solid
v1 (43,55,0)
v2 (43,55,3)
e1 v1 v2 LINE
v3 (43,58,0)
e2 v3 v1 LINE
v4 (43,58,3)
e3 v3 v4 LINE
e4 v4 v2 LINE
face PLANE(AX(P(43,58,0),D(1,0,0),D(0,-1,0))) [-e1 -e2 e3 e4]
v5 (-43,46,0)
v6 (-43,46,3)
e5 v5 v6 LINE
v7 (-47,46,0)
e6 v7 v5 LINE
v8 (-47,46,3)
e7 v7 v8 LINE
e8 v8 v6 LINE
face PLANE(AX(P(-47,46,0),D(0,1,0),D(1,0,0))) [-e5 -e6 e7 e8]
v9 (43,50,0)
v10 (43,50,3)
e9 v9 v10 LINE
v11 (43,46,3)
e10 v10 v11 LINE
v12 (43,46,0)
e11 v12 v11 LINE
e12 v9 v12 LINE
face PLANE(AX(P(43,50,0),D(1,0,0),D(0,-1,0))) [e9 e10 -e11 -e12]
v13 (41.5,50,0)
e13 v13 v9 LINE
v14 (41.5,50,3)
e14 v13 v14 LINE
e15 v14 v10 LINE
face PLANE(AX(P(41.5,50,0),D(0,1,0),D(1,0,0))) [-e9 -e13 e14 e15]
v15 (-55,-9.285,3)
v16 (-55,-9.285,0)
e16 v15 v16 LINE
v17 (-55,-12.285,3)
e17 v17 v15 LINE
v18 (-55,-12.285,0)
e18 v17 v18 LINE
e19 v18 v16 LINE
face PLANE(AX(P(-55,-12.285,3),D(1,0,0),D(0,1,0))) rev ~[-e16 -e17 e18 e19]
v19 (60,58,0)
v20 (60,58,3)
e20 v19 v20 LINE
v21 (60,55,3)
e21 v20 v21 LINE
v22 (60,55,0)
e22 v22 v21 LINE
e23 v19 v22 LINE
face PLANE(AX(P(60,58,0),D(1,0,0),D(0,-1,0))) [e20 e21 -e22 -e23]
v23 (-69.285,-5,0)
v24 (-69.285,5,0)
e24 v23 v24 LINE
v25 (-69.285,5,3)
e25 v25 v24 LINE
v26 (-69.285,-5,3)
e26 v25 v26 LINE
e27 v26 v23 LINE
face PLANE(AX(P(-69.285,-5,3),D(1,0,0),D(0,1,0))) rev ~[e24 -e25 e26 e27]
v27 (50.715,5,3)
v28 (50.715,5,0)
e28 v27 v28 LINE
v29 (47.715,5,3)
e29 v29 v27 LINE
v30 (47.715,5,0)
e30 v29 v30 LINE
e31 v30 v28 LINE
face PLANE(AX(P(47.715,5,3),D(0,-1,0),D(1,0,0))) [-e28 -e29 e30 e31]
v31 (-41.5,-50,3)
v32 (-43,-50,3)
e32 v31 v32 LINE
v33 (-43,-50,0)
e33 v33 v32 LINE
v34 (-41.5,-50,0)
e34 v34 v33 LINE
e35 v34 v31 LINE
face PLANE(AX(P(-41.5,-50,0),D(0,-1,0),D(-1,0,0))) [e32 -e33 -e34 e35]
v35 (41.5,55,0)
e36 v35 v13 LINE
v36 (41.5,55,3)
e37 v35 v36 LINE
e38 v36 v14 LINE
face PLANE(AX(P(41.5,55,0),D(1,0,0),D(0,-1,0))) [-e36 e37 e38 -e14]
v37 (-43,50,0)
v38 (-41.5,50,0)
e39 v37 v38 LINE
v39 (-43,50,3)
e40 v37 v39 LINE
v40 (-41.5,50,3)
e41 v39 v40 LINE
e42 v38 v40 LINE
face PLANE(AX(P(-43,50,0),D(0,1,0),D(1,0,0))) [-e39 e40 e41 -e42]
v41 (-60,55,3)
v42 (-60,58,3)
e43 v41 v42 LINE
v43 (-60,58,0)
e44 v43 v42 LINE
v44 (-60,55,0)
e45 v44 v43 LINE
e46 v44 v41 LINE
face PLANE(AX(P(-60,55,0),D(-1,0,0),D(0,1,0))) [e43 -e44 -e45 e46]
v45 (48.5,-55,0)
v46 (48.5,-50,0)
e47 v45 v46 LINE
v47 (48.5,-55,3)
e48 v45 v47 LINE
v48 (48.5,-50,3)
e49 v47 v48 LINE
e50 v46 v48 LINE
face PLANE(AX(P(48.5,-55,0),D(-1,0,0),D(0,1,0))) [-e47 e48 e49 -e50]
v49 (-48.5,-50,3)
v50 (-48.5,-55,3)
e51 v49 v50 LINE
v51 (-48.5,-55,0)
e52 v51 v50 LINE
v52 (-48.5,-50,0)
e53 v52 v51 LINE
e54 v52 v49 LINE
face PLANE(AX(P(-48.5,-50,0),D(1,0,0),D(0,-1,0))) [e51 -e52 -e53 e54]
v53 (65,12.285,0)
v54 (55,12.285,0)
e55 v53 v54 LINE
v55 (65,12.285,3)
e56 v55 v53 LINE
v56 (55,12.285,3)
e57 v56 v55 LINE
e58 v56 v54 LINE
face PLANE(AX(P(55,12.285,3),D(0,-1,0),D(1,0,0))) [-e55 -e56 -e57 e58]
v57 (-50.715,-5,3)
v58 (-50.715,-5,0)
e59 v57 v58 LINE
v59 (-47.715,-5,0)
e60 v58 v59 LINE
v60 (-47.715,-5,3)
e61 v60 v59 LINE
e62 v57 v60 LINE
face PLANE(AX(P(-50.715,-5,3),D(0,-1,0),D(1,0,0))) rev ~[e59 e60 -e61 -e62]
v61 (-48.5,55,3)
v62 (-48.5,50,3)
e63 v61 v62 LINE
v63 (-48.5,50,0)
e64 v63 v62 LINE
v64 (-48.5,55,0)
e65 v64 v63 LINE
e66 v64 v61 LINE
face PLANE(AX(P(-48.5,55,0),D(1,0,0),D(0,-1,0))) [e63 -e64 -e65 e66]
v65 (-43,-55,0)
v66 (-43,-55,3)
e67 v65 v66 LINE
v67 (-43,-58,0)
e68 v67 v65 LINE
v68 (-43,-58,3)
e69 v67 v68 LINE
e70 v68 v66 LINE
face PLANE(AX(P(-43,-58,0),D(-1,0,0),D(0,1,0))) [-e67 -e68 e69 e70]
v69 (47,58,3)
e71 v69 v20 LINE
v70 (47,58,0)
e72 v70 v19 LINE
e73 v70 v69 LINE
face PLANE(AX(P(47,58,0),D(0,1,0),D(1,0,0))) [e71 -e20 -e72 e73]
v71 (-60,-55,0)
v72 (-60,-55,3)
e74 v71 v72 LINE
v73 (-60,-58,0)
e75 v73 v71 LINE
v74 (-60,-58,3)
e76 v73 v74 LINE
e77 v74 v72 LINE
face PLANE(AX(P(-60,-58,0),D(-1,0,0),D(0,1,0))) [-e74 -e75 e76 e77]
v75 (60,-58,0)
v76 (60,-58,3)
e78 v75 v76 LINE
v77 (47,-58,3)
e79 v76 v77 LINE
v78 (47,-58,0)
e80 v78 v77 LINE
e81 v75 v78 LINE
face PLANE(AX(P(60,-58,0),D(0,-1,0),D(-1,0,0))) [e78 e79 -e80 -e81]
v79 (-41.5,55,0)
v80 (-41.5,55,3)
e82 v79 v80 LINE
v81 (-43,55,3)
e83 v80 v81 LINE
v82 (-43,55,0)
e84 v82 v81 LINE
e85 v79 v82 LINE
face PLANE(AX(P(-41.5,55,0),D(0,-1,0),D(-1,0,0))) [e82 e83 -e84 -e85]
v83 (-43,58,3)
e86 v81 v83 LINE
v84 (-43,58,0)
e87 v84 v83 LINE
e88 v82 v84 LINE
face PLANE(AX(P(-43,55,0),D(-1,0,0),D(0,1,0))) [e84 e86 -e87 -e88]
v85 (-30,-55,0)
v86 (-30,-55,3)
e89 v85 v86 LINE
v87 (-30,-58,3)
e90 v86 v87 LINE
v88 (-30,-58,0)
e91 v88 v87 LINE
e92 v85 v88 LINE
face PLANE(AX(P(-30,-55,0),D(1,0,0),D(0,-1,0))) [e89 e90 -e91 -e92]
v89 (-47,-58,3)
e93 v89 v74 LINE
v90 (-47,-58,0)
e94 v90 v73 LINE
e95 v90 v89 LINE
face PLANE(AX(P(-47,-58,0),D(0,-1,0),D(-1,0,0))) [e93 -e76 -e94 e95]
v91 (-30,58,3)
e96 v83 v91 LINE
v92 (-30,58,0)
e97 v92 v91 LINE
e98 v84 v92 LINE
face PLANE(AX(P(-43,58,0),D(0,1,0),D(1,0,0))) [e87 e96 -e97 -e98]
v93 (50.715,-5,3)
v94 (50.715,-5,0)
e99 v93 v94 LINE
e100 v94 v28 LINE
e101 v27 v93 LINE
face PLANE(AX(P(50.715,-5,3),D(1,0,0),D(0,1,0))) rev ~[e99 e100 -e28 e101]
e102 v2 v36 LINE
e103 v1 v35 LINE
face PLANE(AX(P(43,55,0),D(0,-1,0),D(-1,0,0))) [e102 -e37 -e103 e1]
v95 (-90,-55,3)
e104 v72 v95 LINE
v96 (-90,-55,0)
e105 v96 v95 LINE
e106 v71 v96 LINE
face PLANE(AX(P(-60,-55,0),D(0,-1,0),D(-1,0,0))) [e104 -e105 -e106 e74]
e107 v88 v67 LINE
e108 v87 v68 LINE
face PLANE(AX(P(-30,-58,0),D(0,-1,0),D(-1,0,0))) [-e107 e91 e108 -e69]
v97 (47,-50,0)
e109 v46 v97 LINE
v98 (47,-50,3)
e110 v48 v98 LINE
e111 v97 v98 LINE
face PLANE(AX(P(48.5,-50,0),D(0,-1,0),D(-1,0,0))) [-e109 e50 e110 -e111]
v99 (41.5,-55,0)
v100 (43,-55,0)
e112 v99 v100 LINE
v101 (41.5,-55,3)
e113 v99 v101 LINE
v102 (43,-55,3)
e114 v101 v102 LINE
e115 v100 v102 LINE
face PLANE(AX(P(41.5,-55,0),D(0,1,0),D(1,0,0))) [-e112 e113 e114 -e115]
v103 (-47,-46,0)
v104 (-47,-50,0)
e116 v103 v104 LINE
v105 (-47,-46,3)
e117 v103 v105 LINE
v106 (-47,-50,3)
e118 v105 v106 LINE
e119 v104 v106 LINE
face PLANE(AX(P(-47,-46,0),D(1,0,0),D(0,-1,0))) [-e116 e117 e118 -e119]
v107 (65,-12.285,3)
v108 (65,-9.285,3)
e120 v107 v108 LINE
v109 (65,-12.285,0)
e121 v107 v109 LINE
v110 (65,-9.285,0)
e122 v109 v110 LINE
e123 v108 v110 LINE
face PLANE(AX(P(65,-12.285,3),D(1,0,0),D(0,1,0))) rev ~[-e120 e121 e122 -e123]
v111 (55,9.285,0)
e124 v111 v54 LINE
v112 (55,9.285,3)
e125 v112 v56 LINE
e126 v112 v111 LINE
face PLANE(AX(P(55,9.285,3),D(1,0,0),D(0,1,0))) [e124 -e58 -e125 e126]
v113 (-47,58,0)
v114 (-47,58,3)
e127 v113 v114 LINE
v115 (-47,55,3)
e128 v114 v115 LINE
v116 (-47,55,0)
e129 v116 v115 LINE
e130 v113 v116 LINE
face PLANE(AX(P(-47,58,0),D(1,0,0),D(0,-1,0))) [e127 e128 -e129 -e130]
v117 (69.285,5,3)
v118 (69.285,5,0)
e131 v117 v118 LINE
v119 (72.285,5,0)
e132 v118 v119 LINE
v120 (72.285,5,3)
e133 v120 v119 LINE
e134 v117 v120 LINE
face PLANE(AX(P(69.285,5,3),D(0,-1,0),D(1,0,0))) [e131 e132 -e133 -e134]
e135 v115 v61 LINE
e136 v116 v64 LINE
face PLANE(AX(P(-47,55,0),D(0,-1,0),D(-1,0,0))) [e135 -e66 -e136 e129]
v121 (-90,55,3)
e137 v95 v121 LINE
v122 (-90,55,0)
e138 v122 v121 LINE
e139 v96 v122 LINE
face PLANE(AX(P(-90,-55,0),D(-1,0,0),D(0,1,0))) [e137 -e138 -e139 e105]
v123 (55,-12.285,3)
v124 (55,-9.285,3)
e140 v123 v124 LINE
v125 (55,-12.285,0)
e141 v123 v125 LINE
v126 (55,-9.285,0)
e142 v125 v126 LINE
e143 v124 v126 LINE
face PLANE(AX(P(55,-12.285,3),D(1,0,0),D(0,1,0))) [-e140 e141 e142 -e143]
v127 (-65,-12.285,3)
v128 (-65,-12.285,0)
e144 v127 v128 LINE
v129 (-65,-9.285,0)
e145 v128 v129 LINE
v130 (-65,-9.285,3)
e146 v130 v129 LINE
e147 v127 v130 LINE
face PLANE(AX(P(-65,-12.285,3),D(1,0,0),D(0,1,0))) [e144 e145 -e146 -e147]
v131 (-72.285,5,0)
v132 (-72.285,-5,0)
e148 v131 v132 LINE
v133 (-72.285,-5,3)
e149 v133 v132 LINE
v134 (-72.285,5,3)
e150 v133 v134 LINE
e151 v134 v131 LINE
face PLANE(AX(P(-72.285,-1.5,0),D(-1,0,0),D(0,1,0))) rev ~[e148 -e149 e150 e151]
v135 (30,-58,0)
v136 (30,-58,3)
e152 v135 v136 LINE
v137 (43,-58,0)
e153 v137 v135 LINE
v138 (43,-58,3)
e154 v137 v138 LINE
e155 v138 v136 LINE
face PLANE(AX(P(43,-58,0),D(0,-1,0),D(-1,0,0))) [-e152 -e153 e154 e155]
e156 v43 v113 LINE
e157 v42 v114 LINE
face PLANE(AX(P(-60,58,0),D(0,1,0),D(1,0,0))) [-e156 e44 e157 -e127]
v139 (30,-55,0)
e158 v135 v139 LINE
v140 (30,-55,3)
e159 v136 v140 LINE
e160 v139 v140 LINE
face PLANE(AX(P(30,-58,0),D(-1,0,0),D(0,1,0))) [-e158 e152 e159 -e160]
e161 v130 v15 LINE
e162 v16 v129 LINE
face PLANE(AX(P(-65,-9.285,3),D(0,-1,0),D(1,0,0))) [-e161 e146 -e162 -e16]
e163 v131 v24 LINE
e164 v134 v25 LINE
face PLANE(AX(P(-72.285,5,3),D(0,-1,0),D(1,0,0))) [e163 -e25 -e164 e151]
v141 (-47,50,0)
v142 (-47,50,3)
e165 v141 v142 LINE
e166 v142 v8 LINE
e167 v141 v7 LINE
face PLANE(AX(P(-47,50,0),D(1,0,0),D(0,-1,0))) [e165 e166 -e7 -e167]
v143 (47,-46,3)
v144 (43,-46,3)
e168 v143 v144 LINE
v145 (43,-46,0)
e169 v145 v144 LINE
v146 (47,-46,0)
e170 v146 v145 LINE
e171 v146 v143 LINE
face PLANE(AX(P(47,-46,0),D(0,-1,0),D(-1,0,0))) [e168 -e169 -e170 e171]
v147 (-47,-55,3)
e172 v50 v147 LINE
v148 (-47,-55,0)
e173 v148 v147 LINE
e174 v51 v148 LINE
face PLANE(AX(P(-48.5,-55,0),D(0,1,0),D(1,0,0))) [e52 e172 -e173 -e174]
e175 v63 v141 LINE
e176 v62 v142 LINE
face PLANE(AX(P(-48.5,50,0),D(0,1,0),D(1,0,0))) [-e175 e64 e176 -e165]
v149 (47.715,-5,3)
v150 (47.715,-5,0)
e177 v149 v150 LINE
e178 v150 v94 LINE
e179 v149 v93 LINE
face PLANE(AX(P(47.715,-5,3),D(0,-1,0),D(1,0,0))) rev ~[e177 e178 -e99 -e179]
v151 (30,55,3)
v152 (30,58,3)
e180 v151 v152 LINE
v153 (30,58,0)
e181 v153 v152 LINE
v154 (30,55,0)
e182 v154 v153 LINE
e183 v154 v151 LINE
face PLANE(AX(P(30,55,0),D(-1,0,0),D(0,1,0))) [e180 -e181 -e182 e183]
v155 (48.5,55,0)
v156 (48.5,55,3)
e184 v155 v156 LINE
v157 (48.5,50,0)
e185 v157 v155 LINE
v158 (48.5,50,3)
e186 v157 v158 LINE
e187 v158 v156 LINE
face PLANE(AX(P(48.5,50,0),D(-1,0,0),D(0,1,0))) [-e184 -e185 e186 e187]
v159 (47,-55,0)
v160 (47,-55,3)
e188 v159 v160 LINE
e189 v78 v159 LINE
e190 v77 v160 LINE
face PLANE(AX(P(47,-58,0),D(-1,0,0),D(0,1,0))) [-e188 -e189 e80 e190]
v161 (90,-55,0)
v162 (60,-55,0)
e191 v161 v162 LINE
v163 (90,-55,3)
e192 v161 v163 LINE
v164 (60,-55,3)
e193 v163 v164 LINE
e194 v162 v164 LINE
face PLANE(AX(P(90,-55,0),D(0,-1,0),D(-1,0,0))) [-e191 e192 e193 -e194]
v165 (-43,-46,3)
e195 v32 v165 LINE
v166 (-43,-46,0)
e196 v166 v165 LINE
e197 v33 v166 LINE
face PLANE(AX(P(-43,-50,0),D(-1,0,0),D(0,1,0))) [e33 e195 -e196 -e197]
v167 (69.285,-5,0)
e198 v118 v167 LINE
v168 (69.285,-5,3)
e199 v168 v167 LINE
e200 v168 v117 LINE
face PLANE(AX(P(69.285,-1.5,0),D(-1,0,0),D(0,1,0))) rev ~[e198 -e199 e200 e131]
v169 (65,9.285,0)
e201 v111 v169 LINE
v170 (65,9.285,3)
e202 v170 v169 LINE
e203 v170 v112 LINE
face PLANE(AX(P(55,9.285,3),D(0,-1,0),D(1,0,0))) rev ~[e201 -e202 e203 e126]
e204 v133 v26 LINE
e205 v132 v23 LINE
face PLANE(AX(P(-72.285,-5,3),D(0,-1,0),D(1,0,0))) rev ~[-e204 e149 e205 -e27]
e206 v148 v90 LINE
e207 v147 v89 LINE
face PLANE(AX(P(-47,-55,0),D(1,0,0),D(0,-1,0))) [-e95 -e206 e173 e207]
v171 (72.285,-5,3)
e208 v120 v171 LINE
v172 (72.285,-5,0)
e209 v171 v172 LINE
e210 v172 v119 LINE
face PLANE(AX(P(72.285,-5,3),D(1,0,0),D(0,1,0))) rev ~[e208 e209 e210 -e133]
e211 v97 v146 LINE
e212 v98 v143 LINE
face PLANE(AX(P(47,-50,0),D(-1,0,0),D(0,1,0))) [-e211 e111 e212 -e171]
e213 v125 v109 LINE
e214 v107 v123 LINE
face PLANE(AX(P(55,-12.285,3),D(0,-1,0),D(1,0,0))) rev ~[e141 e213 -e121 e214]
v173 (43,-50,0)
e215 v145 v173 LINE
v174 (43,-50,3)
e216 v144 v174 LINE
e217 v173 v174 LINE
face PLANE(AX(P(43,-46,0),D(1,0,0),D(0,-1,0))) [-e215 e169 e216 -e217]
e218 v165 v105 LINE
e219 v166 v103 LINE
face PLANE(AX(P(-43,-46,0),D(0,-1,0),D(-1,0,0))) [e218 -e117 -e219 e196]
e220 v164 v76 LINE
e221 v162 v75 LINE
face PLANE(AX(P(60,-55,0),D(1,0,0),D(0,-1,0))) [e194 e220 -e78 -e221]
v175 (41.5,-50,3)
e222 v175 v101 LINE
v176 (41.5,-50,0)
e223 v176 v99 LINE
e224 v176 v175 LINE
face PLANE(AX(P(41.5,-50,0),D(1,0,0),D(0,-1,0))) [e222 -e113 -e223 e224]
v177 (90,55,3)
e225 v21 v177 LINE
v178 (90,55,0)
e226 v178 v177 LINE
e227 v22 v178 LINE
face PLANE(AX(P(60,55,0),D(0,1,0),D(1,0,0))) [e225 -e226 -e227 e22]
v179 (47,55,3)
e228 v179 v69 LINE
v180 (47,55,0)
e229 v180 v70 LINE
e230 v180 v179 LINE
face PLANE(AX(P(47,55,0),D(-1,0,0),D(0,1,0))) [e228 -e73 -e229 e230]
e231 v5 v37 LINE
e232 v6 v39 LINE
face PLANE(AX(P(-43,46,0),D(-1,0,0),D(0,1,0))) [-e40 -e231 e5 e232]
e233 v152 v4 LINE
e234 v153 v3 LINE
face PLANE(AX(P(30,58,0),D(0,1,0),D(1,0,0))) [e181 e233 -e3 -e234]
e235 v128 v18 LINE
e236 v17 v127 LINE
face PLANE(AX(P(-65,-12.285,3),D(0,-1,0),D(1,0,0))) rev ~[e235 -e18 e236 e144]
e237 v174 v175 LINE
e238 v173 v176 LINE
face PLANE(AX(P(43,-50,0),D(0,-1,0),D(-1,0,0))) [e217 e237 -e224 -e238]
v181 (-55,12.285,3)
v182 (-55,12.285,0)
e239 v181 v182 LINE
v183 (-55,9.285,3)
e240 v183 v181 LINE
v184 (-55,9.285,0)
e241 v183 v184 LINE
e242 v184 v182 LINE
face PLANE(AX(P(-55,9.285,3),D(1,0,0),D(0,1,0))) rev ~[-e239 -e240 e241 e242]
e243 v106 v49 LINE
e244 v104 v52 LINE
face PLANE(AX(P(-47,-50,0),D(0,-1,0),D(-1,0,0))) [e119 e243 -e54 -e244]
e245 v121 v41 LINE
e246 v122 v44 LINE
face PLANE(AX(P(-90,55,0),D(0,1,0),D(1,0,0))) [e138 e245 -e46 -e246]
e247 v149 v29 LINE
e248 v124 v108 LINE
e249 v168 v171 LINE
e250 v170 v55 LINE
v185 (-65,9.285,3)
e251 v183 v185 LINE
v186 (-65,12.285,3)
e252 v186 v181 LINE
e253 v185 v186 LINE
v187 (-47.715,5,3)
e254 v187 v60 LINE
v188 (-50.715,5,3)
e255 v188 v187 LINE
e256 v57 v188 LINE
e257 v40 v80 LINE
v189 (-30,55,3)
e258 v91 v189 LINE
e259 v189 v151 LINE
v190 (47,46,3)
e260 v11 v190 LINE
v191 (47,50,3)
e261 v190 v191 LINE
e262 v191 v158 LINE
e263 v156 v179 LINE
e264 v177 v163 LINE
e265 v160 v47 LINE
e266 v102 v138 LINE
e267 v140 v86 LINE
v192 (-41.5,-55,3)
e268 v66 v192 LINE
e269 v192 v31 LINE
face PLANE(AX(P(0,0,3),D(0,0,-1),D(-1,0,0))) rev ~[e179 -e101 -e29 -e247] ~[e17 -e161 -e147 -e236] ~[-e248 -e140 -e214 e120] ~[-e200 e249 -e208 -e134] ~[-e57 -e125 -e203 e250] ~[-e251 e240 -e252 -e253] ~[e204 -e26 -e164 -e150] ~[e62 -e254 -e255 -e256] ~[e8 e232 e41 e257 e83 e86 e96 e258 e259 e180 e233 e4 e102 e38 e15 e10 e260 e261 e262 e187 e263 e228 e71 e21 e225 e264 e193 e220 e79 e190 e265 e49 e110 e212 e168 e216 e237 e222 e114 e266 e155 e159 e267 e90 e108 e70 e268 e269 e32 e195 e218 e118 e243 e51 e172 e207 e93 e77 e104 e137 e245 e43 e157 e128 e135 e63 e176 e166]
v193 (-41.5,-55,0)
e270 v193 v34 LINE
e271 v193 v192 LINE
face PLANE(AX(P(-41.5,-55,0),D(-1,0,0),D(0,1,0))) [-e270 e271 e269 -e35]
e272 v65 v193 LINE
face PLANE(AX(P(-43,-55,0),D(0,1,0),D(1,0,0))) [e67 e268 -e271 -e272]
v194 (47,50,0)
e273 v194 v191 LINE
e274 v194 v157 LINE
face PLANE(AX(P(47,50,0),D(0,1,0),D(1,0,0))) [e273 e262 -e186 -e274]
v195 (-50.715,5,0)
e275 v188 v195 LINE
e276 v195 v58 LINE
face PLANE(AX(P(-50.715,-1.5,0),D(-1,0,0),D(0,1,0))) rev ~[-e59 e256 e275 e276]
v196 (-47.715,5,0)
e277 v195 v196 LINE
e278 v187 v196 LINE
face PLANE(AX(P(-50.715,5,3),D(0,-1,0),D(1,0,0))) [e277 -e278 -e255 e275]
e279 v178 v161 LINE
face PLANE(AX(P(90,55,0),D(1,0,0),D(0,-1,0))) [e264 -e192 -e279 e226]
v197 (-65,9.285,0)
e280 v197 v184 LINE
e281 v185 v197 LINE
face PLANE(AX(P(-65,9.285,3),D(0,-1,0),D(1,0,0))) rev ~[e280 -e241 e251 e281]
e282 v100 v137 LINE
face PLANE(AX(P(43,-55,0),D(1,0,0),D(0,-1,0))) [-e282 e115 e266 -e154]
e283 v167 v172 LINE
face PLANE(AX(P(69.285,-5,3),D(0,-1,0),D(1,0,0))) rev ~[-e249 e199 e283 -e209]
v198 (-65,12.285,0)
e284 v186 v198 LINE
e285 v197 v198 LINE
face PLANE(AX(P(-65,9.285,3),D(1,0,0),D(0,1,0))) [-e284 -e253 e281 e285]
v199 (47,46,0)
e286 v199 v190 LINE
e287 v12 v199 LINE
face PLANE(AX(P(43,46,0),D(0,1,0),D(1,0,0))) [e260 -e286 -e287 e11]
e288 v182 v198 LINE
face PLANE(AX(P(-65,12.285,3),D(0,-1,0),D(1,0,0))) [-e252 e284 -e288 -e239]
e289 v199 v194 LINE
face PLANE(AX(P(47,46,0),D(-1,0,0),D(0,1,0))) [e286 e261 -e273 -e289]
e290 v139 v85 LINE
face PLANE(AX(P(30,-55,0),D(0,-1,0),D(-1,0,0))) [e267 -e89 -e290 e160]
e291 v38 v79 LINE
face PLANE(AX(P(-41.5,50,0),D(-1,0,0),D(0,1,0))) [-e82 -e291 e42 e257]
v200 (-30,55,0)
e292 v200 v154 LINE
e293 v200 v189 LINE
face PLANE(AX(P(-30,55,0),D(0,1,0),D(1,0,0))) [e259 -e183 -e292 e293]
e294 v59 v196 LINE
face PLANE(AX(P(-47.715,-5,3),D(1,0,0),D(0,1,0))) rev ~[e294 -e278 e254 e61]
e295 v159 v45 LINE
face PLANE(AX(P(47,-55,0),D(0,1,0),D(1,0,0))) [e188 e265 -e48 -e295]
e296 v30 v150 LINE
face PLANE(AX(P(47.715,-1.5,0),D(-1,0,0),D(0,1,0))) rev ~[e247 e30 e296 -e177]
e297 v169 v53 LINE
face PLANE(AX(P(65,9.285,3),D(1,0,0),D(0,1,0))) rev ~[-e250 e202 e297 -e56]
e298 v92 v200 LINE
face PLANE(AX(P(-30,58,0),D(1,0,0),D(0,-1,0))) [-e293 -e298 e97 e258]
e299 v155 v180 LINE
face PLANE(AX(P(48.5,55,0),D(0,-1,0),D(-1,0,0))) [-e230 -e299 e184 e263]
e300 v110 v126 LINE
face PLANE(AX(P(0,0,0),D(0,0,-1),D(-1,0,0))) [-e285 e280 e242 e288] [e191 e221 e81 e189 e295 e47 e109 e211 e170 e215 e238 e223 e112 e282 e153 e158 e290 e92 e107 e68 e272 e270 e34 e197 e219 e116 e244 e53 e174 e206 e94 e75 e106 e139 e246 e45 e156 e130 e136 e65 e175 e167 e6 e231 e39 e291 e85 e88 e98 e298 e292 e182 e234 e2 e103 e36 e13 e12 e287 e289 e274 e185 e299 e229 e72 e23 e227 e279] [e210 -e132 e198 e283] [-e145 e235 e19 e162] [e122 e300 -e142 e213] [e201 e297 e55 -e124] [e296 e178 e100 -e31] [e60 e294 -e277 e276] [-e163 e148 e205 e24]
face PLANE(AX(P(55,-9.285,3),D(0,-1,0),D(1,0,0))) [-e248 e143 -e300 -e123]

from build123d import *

# Parameters (mm, degrees)
SKETCH1_W                 = 3
SKETCH1_H                 = 3
PLATE_THICKNESS_3MM_DEPTH = 3
SKETCH_1_W                = 10
SKETCH_1_H                = 3
SKETCH_1_W_2              = 3
SKETCH_1_H_2              = 5
CUT_EXTRUDE_1_DEPTH       = 3


with BuildPart() as part:
    # Sketch1 → Plate_thickness_3mm (new body)
    with BuildSketch(Plane.XY):
        Polygon((30, -55), (-30, -55), (-30, -58), (-43, -58), (-43, -55), (-41.5, -55), (-41.5, -50), (-43, -50), (-43, -46), (-47, -46), (-47, -50), (-48.5, -50), (-48.5, -55), (-47, -55), (-47, -58), (-60, -58), (-60, -55), (-90, -55), (-90, 55), (-60, 55), (-60, 58), (-47, 58), (-47, 55), (-48.5, 55), (-48.5, 50), (-47, 50), (-47, 46), (-43, 46), (-43, 50), (-41.5, 50), (-41.5, 55), (-43, 55), (-43, 58), (-30, 58), (-30, 55), (30, 55), (30, 58), (43, 58), (43, 55), (41.5, 55), (41.5, 50), (43, 50), (43, 46), (47, 46), (47, 50), (48.5, 50), (48.5, 55), (47, 55), (47, 58), (60, 58), (60, 55), (90, 55), (90, -55), (60, -55), (60, -58), (47, -58), (47, -55), (48.5, -55), (48.5, -50), (47, -50), (47, -46), (43, -46), (43, -50), (41.5, -50), (41.5, -55), (43, -55), (43, -58), (30, -58), align=None)
        with Locations((-60, -10.785)):
            Rectangle(SKETCH1_W, SKETCH1_H, mode=Mode.SUBTRACT)
        with Locations((60, -10.785)):
            Rectangle(SKETCH1_W, SKETCH1_H, mode=Mode.SUBTRACT)
        with Locations((-70.785, 0)):
            Rectangle(SKETCH1_W, SKETCH1_H, mode=Mode.SUBTRACT)
        with Locations((-49.215, 0)):
            Rectangle(SKETCH1_W, SKETCH1_H, mode=Mode.SUBTRACT)
        with Locations((-60, 10.785)):
            Rectangle(SKETCH1_W, SKETCH1_H, mode=Mode.SUBTRACT)
        with Locations((49.215, 0)):
            Rectangle(SKETCH1_W, SKETCH1_H, mode=Mode.SUBTRACT)
        with Locations((70.785, 0)):
            Rectangle(SKETCH1_W, SKETCH1_H, mode=Mode.SUBTRACT)
        with Locations((60, 10.785)):
            Rectangle(SKETCH1_W, SKETCH1_H, mode=Mode.SUBTRACT)
    extrude(amount=PLATE_THICKNESS_3MM_DEPTH)

    # 草图1 → 切除-拉伸1 (cut)
    with BuildSketch(Plane.XY.offset(3)):
        with Locations((-60, -10.785)):
            Rectangle(SKETCH_1_W, SKETCH_1_H)
        with Locations((-70.785, -2.5)):
            Rectangle(SKETCH_1_W_2, SKETCH_1_H_2)
        with Locations((-70.785, 2.5)):
            Rectangle(SKETCH_1_W_2, SKETCH_1_H_2)
        with Locations((-49.215, 2.5)):
            Rectangle(SKETCH_1_W_2, SKETCH_1_H_2)
        with Locations((-49.215, -2.5)):
            Rectangle(SKETCH_1_W_2, SKETCH_1_H_2)
        with Locations((-60, 10.785)):
            Rectangle(SKETCH_1_W, SKETCH_1_H)
        with Locations((60, 10.785)):
            Rectangle(SKETCH_1_W, SKETCH_1_H)
        with Locations((49.215, 2.5)):
            Rectangle(SKETCH_1_W_2, SKETCH_1_H_2)
        with Locations((49.215, -2.5)):
            Rectangle(SKETCH_1_W_2, SKETCH_1_H_2)
        with Locations((60, -10.785)):
            Rectangle(SKETCH_1_W, SKETCH_1_H)
        with Locations((70.785, -2.5)):
            Rectangle(SKETCH_1_W_2, SKETCH_1_H_2)
        with Locations((70.785, 2.5)):
            Rectangle(SKETCH_1_W_2, SKETCH_1_H_2)
    extrude(amount=-CUT_EXTRUDE_1_DEPTH, mode=Mode.SUBTRACT)


solid = part.part
